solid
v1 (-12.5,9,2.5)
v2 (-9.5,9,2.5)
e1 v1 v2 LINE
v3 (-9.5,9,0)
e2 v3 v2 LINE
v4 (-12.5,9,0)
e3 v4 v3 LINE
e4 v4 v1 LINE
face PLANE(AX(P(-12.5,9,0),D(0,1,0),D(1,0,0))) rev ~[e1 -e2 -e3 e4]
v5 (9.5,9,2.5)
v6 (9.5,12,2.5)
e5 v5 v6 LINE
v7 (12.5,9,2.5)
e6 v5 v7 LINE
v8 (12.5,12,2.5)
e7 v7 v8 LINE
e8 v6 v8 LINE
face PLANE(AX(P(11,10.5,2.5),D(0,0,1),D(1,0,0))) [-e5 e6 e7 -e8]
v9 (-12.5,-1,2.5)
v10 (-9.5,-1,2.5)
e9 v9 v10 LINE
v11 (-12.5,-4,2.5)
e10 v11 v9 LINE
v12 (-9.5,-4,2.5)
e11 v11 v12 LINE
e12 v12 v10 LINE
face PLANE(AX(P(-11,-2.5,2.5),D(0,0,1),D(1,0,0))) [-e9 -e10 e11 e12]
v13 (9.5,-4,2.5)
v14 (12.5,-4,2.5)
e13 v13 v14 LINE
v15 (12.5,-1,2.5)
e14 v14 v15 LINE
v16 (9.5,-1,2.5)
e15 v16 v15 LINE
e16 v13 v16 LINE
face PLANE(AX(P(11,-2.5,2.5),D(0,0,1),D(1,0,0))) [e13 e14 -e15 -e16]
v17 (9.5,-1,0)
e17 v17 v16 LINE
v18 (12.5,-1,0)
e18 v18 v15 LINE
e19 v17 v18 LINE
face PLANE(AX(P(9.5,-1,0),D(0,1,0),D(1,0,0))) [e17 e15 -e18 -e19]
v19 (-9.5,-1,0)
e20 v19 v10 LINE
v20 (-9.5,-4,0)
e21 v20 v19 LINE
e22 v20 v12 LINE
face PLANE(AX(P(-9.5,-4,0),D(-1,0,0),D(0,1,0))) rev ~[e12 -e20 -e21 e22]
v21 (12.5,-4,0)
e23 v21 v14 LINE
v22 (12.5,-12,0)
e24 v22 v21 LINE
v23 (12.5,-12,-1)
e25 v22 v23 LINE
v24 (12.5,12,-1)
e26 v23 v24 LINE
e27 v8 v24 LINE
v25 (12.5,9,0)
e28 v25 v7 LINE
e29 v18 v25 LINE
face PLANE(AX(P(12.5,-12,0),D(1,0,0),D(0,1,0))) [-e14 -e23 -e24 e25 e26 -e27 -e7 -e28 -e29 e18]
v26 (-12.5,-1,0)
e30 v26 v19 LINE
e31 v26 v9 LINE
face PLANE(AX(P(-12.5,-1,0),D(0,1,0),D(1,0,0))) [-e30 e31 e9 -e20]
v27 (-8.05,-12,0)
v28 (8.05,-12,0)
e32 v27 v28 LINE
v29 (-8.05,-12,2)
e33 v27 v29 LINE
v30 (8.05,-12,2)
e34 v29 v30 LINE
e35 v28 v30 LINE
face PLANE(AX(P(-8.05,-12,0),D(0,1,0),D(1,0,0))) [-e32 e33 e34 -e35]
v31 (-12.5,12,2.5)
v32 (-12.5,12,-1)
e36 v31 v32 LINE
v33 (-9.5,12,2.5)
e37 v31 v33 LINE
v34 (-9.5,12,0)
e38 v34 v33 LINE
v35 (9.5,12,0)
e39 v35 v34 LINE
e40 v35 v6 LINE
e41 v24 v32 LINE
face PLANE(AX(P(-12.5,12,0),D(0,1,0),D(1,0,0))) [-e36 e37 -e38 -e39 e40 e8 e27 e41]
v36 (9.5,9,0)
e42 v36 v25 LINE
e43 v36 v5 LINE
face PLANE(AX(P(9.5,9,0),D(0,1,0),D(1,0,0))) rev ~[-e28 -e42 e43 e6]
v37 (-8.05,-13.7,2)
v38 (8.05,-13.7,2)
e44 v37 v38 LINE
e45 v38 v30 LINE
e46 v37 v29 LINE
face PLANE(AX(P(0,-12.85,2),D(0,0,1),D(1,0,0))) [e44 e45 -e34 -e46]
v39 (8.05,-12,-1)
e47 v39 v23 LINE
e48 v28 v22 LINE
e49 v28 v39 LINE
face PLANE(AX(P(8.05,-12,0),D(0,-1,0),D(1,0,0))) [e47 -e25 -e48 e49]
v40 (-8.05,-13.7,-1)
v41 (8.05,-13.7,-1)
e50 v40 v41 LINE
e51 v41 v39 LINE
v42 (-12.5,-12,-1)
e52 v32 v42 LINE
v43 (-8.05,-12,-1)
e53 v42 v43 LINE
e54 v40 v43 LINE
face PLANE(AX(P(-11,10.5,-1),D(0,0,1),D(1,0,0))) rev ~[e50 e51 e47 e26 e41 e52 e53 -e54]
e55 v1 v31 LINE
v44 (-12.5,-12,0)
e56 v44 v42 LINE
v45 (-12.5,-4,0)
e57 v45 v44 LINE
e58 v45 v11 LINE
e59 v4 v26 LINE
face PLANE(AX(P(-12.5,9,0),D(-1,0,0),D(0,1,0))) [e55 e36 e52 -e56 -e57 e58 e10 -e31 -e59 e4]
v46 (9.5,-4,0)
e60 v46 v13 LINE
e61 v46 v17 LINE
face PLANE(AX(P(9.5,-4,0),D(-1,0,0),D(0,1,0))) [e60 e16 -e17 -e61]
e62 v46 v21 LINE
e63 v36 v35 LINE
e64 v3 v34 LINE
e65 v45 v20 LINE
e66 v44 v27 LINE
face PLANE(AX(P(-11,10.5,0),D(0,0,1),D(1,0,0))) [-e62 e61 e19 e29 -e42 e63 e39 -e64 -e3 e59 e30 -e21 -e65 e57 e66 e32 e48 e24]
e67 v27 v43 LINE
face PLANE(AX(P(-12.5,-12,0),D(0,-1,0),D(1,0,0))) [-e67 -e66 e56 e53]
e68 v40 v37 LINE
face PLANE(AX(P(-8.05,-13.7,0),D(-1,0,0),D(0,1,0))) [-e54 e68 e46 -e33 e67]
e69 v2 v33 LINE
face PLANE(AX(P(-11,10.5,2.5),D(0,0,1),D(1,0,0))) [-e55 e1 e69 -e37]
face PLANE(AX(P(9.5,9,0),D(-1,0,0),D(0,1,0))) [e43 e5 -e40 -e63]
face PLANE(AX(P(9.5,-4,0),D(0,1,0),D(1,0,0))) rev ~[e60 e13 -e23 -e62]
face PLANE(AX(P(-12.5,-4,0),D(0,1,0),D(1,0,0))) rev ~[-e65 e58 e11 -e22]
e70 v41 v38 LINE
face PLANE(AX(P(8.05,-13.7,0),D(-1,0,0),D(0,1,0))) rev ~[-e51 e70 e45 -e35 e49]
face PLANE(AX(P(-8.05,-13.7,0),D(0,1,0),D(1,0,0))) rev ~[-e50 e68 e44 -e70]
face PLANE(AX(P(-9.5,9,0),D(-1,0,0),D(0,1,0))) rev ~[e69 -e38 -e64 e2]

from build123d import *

# Parameters (mm, degrees)
F0_W     = 3
F0_H     = 3
F0_W_2   = 16.1
F0_H_2   = 1.7
F1_DEPTH = 1
F2_DEPTH = 2.5
F3_DEPTH = 2


with BuildPart() as f1:
    # F0 (on Top) → F1 (new body)
    with BuildSketch(Plane.XY):
        with Locations((-11, 10.5)):
            Rectangle(F0_W, F0_H)
        Polygon((9.5, 12), (-9.5, 12), (-9.5, 9), (-12.5, 9), (-12.5, -1), (-9.5, -1), (-9.5, -4), (-12.5, -4), (-12.5, -12), (-8.05, -12), (8.05, -12), (12.5, -12), (12.5, -4), (9.5, -4), (9.5, -1), (12.5, -1), (12.5, 9), (9.5, 9), align=None)
        with Locations((11, 10.5)):
            Rectangle(F0_W, F0_H)
        with Locations((11, -2.5)):
            Rectangle(F0_W, F0_H)
        with Locations((-11, -2.5)):
            Rectangle(F0_W, F0_H)
        with Locations((0, -12.85)):
            Rectangle(F0_W_2, F0_H_2)
    extrude(amount=-F1_DEPTH)

    # F0 (on Top) → F2 (join)
    with BuildSketch(Plane.XY):
        with Locations((-11, 10.5)):
            Rectangle(F0_W, F0_H)
        with Locations((11, 10.5)):
            Rectangle(F0_W, F0_H)
        with Locations((-11, -2.5)):
            Rectangle(F0_W, F0_H)
        with Locations((11, -2.5)):
            Rectangle(F0_W, F0_H)
    extrude(amount=F2_DEPTH)

    # F0 (on Top) → F3 (join)
    with BuildSketch(Plane.XY):
        with Locations((0, -12.85)):
            Rectangle(F0_W_2, F0_H_2)
    extrude(amount=F3_DEPTH)


solid = f1.part
